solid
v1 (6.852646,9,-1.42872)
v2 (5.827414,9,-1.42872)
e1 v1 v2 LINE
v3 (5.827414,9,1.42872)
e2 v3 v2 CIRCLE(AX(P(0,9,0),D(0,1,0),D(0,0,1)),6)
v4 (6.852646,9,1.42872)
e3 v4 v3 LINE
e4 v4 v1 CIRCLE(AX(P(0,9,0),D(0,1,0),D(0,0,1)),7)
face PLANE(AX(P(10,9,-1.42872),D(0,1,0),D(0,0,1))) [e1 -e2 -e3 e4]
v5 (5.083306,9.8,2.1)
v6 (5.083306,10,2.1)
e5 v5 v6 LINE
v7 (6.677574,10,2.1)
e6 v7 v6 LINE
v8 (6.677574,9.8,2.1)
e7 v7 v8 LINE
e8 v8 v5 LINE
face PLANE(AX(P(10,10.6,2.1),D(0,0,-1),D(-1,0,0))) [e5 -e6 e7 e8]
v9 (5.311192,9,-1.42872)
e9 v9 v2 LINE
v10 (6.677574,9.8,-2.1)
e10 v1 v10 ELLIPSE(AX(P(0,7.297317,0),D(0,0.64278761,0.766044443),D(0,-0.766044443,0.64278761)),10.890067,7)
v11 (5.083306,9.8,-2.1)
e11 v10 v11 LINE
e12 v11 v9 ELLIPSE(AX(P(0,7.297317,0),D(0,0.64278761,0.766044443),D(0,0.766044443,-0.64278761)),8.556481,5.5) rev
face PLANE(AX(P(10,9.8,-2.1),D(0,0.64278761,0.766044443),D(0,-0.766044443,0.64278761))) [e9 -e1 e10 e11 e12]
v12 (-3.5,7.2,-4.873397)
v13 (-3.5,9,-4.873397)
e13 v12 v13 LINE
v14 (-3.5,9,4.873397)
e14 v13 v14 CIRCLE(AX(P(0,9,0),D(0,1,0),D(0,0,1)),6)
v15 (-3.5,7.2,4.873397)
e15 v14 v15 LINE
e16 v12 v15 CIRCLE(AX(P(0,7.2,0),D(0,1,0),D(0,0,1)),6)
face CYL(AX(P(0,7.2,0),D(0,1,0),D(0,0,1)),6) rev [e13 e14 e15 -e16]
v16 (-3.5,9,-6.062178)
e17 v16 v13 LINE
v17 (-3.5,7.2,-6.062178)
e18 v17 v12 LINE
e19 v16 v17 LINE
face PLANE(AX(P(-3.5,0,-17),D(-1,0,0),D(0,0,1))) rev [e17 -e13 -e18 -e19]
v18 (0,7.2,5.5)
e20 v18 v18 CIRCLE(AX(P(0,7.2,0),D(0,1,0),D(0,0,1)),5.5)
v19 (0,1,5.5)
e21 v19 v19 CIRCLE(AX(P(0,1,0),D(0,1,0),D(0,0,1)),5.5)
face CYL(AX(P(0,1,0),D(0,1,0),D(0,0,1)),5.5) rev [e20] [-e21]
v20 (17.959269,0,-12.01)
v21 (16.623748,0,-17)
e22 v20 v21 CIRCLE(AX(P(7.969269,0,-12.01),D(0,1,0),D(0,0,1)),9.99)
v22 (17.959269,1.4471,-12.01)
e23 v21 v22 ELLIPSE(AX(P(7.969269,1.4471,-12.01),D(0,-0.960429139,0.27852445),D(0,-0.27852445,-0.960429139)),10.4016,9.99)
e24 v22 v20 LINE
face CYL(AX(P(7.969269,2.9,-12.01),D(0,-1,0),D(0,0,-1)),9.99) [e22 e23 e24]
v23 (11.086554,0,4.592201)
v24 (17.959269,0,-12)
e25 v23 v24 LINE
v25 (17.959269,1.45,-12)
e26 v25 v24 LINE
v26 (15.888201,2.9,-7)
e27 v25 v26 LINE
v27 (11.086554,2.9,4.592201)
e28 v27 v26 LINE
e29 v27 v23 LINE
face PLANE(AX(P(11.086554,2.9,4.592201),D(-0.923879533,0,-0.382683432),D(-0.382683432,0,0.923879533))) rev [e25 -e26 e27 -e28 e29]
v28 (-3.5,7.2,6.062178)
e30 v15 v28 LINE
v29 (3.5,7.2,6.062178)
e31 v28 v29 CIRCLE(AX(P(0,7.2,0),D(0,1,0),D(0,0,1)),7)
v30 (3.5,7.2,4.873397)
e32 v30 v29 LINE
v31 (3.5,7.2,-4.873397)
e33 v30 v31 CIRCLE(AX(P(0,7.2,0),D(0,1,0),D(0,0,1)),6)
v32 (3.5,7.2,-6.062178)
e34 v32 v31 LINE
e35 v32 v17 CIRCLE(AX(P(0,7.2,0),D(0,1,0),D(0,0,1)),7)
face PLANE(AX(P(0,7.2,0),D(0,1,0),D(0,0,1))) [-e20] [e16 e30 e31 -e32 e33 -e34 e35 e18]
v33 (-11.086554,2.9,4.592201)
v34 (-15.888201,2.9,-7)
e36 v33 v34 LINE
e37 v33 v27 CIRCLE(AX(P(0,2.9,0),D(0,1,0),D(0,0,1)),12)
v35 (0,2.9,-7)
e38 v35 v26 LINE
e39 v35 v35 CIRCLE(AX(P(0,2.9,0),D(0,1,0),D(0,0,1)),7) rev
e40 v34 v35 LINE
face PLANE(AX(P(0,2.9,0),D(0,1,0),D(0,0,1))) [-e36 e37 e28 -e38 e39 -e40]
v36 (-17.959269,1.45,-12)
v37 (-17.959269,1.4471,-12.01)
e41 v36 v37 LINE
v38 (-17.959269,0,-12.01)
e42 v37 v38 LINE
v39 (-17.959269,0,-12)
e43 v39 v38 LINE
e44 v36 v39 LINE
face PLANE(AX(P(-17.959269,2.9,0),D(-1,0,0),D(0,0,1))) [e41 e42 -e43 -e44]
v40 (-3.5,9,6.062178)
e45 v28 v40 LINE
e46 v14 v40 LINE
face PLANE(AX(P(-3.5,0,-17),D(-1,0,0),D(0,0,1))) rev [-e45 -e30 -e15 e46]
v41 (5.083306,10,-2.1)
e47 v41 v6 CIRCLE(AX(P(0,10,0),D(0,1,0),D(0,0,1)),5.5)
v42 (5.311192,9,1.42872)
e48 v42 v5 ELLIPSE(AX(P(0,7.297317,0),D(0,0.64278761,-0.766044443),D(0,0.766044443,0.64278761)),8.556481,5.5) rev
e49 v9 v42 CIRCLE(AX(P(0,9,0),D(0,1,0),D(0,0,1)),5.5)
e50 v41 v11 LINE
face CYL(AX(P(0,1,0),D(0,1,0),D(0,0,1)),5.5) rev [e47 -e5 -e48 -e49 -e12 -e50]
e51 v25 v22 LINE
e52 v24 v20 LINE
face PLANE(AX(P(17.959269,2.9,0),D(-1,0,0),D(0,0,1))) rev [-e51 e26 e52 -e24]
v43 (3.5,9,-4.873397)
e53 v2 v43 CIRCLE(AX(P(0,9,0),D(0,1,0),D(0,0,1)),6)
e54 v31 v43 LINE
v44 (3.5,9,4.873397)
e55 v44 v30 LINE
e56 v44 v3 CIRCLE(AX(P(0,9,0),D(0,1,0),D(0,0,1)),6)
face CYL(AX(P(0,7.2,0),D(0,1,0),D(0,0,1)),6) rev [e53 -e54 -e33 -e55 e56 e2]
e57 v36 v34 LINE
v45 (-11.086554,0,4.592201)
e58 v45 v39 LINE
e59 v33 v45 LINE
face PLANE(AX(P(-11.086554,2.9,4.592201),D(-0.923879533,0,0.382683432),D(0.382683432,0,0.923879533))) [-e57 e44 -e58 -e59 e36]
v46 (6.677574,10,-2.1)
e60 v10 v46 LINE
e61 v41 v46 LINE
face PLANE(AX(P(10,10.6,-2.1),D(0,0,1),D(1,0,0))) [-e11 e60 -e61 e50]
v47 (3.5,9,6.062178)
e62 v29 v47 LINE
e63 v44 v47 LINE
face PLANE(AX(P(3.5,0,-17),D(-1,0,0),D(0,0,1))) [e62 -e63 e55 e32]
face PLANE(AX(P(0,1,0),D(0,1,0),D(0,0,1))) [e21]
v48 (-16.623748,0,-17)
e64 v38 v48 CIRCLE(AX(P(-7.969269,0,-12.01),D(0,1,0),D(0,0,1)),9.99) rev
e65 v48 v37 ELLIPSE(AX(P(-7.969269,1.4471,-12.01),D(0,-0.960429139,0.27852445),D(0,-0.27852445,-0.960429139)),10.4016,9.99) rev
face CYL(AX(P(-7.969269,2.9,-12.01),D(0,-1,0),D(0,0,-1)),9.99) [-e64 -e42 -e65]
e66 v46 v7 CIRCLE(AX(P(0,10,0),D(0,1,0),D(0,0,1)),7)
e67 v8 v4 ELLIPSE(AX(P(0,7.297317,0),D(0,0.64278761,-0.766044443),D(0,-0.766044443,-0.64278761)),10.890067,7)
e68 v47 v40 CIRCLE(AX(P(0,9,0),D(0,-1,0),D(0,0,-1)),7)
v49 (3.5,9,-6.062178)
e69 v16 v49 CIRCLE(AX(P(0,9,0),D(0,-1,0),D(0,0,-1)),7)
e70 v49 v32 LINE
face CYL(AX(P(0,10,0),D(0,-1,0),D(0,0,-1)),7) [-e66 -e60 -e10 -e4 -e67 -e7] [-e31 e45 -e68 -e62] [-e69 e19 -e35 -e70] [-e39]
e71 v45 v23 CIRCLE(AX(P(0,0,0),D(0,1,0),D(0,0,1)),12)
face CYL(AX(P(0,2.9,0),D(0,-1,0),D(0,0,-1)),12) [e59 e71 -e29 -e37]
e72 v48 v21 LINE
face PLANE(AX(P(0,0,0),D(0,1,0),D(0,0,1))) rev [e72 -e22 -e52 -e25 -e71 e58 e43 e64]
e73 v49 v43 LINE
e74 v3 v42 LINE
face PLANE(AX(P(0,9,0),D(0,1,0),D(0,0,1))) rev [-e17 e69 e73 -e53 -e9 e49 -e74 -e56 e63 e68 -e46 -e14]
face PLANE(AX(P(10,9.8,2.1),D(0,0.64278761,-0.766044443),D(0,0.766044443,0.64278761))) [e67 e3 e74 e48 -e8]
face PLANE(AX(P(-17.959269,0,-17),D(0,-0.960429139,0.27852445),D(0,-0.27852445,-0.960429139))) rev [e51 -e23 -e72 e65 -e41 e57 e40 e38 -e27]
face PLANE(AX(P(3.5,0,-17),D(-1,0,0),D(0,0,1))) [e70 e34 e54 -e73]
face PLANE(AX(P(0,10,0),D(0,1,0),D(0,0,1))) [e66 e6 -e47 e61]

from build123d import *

# Parameters (mm, degrees)
BOSS_EXTRUDE1_DEPTH      = 2.9
SKETCH1_3_R              = 7
BOSS_EXTRUDE2_DEPTH      = 10
SKETCH7_R                = 5.5
CUT_EXTRUDE10_DEPTH      = 9
SKETCH8_R                = 6
SKETCH8_R_2              = 5.5
CUT_EXTRUDE11_DEPTH      = 1.8
CUT_EXTRUDE12_DEPTH      = 27.674619931
CUT_EXTRUDE12_DEPTH_BACK = 27.674619931
SKETCH9_W                = 7
SKETCH9_H                = 1.8
CUT_EXTRUDE13_DEPTH      = 27.674619931
CUT_EXTRUDE13_DEPTH_BACK = 27.674619931
CUT_EXTRUDE14_DEPTH      = 10


with BuildPart() as part:
    # Sketch1 → Boss-Extrude1 (new body)
    with BuildSketch(Plane(origin=(0, 0, 0), x_dir=(1, 0, 0), z_dir=(0, 1, 0))):
        with BuildLine():
            Line((-17.959269152, 12), (-11.086554257, -4.59220151))
            ThreePointArc((-11.086554257, -4.59220151), (1.96e-07, -12), (11.086554407, -4.592201147))
            Line((11.086554407, -4.592201147), (17.959269152, 12))
            Line((17.959269152, 12), (17.959269152, 12.01))
            ThreePointArc((17.959269152, 12.01), (17.619614776, 14.59281423), (16.623747761, 17))
            Line((16.623747761, 17), (-16.623747761, 17))
            ThreePointArc((-16.623747761, 17), (-17.619614776, 14.59281423), (-17.959269152, 12.01))
            Line((-17.959269152, 12.01), (-17.959269152, 12))
        make_face()
    extrude(amount=BOSS_EXTRUDE1_DEPTH)

    # Sketch1<3> → Boss-Extrude2 (add)
    with BuildSketch(Plane(origin=(0, 0, 0), x_dir=(1, 0, 0), z_dir=(0, 1, 0))):
        Circle(SKETCH1_3_R)
    extrude(amount=BOSS_EXTRUDE2_DEPTH)

    # Sketch7 → Cut-Extrude10 (cut)
    with BuildSketch(Plane(origin=(0, 10, 0), x_dir=(1, 0, 0), z_dir=(0, 1, 0))):
        Circle(SKETCH7_R)
    extrude(amount=-CUT_EXTRUDE10_DEPTH, mode=Mode.SUBTRACT)

    # Sketch8 → Cut-Extrude11 (cut)
    with BuildSketch(Plane(origin=(0, 9, 0), x_dir=(1, 0, 0), z_dir=(0, 1, 0))):
        Circle(SKETCH8_R)
        Circle(SKETCH8_R_2, mode=Mode.SUBTRACT)
    extrude(amount=-CUT_EXTRUDE11_DEPTH, mode=Mode.SUBTRACT)

    # Sketch9 → Cut-Extrude12 (cut, two sides: drawn at the far end of the back side and taken through both)
    with BuildSketch(Plane.XY.offset(-CUT_EXTRUDE12_DEPTH_BACK)):
        with Locations((0, 8.1)):
            Rectangle(SKETCH9_W, SKETCH9_H)
    extrude(amount=CUT_EXTRUDE12_DEPTH + CUT_EXTRUDE12_DEPTH_BACK, mode=Mode.SUBTRACT)

    # Sketch10 → Cut-Extrude13 (cut, two sides: drawn at the far end of the back side and taken through both)
    with BuildSketch(Plane(origin=(0, 0, 0), x_dir=(0, 0, -1), z_dir=(1, 0, 0)).offset(-CUT_EXTRUDE13_DEPTH_BACK)):
        Polygon((17, 0), (7, 2.9), (17, 2.9), align=None)
    extrude(amount=CUT_EXTRUDE13_DEPTH + CUT_EXTRUDE13_DEPTH_BACK, mode=Mode.SUBTRACT)

    # Sketch11 → Cut-Extrude14 (cut)
    with BuildSketch(Plane(origin=(0, 0, 0), x_dir=(0, 0, -1), z_dir=(1, 0, 0))):
        Polygon((-2.1, 10.6), (2.1, 10.6), (2.1, 9.8), (1.428720295, 9), (-1.428720295, 9), (-2.1, 9.8), align=None)
    extrude(amount=CUT_EXTRUDE14_DEPTH, mode=Mode.SUBTRACT)


solid = part.part
